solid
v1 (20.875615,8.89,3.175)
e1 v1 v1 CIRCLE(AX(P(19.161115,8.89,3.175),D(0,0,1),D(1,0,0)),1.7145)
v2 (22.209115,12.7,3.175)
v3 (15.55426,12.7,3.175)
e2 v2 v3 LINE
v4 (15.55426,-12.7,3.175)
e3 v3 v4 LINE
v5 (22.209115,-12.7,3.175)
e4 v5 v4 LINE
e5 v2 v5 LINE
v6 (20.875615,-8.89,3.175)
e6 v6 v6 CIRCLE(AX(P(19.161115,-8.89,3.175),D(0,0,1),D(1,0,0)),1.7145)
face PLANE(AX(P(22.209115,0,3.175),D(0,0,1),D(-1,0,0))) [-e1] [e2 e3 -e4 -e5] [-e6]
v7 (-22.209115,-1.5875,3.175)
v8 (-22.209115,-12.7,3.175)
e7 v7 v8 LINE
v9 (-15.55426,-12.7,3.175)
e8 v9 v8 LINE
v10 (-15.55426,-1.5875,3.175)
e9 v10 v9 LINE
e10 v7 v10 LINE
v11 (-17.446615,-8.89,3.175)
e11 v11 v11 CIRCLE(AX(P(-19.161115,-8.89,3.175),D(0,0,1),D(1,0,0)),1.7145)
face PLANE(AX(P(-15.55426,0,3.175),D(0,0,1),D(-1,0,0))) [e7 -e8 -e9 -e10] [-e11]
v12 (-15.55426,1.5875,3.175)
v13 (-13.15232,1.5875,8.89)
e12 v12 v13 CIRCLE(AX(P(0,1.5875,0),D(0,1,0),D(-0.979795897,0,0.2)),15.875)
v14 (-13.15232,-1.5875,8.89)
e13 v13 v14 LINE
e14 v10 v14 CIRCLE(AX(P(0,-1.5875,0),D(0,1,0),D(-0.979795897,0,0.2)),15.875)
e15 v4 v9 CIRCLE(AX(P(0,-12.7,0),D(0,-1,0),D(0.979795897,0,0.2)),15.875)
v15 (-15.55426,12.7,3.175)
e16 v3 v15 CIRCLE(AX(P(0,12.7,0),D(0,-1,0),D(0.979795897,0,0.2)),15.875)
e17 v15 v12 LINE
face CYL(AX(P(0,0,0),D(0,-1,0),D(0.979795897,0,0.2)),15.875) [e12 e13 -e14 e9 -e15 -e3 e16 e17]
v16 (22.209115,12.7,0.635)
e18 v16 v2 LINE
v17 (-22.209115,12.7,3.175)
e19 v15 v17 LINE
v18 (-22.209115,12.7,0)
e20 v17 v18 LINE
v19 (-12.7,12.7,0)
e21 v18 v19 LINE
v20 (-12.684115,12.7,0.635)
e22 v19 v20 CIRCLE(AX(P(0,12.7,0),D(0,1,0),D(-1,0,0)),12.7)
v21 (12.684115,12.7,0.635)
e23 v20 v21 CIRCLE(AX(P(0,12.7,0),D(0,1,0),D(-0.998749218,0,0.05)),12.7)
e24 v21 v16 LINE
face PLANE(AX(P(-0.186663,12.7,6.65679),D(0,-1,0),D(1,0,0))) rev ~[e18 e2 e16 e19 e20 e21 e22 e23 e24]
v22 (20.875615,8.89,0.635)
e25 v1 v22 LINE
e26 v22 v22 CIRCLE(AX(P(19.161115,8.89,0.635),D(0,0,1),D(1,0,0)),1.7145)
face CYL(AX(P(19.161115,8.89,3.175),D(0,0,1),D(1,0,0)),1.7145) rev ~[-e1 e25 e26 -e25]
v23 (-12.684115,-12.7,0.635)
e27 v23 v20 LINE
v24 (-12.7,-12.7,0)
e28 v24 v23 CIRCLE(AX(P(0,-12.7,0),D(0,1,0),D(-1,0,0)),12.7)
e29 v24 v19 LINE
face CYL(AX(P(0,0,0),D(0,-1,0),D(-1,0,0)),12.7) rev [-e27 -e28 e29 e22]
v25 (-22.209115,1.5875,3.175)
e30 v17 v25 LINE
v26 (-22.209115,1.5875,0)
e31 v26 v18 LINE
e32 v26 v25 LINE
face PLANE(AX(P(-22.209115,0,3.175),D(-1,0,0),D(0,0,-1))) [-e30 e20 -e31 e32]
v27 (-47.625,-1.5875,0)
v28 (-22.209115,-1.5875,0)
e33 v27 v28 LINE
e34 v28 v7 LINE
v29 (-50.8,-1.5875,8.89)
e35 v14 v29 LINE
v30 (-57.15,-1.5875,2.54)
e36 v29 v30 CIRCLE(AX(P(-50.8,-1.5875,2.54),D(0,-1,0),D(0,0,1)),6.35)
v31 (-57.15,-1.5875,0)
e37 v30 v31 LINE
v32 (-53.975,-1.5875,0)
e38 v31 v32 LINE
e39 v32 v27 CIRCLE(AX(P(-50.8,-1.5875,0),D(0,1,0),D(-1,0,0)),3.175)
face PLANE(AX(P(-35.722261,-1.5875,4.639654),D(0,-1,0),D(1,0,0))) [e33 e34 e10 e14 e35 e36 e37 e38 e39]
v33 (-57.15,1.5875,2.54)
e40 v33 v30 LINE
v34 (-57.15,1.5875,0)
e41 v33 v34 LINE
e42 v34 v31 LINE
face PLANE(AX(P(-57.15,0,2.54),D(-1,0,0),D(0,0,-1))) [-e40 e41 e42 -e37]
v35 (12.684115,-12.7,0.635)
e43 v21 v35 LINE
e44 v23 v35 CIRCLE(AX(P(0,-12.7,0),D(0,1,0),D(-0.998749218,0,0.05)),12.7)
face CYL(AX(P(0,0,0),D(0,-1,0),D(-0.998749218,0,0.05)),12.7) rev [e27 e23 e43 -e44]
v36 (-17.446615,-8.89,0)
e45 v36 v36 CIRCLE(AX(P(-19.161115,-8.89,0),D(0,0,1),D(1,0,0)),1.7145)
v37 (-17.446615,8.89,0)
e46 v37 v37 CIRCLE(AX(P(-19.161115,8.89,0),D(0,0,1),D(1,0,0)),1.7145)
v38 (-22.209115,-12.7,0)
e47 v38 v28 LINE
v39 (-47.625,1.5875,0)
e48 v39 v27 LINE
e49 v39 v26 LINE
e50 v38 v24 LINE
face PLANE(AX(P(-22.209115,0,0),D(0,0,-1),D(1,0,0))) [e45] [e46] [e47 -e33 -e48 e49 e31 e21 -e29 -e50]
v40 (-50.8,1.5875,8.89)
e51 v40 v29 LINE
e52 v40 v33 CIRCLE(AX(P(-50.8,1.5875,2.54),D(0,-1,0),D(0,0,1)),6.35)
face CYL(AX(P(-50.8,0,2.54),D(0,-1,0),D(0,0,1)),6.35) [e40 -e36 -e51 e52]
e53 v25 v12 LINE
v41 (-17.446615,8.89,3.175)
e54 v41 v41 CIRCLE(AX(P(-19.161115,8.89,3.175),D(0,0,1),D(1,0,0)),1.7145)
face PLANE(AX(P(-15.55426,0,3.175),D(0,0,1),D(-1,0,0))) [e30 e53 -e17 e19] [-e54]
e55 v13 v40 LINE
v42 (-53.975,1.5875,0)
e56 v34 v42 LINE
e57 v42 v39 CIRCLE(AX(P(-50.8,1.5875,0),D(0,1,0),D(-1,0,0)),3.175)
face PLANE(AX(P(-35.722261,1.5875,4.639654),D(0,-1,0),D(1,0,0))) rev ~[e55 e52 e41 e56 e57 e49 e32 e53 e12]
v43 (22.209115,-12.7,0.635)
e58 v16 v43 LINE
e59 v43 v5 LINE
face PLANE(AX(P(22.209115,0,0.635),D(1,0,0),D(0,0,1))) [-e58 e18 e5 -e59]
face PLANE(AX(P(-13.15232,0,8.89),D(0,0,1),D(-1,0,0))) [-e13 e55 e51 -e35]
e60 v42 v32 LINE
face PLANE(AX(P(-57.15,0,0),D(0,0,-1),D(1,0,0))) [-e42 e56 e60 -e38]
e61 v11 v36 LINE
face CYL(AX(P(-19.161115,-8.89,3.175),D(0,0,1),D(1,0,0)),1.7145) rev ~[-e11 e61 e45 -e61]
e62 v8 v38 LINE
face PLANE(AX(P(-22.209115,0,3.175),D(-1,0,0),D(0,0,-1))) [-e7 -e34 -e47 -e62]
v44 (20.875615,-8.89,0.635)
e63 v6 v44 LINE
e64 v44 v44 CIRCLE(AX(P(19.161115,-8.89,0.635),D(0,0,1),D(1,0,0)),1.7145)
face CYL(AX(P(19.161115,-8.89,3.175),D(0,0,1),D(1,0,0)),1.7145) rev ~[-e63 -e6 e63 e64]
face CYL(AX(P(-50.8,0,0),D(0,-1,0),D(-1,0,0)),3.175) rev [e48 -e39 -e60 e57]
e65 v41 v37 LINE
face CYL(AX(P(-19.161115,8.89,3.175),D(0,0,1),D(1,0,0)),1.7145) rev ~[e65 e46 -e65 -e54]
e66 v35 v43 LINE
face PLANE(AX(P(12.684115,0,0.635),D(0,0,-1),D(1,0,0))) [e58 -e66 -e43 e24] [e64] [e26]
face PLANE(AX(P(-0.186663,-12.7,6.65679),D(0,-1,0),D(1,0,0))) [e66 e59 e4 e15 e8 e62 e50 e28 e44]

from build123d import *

# Parameters (mm, degrees)
F1_DEPTH = 12.7
F3_DEPTH = 1.5875
F4_R     = 1.7145
F5_DEPTH = 25.4


with BuildPart() as f1:
    # F0 (on Front) → F1 (new body, symmetric)
    with BuildSketch(Plane.XZ):
        with BuildLine():
            ThreePointArc((-12.6841150657, 0.635), (0, 12.7), (12.6841150657, 0.635))
            Line((12.6841150657, 0.635), (22.2091150657, 0.635))
            Line((22.2091150657, 0.635), (22.2091150657, 3.175))
            Line((22.2091150657, 3.175), (15.5542598667, 3.175))
            ThreePointArc((15.5542598667, 3.175), (0, 15.875), (-15.5542598667, 3.175))
            Line((-15.5542598667, 3.175), (-22.2091150657, 3.175))
            Line((-22.2091150657, 3.175), (-22.2091150657, 0.635))
            Line((-22.2091150657, 0.635), (-22.2091150657, 0))
            Line((-22.2091150657, 0), (-12.7, 0))
            ThreePointArc((-12.7, 0), (-12.6960281453, 0.3175993274), (-12.6841150657, 0.635))
        make_face()
    extrude(amount=F1_DEPTH, both=True)

    # F2 (on Front) → F3 (join, symmetric)
    with BuildSketch(Plane.XZ):
        with BuildLine():
            ThreePointArc((-15.5542598667, 3.175), (-14.6349663523, 6.1508848848), (-13.1523201375, 8.89))
            Line((-13.1523201375, 8.89), (-50.8, 8.89))
            ThreePointArc((-50.8, 8.89), (-55.2901280605, 7.0301280605), (-57.15, 2.54))
            Line((-57.15, 2.54), (-57.15, 0))
            Line((-57.15, 0), (-53.975, 0))
            ThreePointArc((-53.975, 0), (-50.8, 3.175), (-47.625, 0))
            Line((-47.625, 0), (-22.2091150657, 0))
            Line((-22.2091150657, 0), (-22.2091150657, 3.175))
            Line((-22.2091150657, 3.175), (-15.5542598667, 3.175))
        make_face()
    extrude(amount=F3_DEPTH, both=True)

    # F4 (on face) → F5 (cut)
    with BuildSketch(Plane.XY.offset(3.175)):
        with Locations((19.1611150657, 8.89)):
            Circle(F4_R)
        with Locations((19.1611150657, -8.89)):
            Circle(F4_R)
        with Locations((-19.1611150657, -8.89)):
            Circle(F4_R)
        with Locations((-19.1611150657, 8.89)):
            Circle(F4_R)
    extrude(amount=-F5_DEPTH, mode=Mode.SUBTRACT)


solid = f1.part
